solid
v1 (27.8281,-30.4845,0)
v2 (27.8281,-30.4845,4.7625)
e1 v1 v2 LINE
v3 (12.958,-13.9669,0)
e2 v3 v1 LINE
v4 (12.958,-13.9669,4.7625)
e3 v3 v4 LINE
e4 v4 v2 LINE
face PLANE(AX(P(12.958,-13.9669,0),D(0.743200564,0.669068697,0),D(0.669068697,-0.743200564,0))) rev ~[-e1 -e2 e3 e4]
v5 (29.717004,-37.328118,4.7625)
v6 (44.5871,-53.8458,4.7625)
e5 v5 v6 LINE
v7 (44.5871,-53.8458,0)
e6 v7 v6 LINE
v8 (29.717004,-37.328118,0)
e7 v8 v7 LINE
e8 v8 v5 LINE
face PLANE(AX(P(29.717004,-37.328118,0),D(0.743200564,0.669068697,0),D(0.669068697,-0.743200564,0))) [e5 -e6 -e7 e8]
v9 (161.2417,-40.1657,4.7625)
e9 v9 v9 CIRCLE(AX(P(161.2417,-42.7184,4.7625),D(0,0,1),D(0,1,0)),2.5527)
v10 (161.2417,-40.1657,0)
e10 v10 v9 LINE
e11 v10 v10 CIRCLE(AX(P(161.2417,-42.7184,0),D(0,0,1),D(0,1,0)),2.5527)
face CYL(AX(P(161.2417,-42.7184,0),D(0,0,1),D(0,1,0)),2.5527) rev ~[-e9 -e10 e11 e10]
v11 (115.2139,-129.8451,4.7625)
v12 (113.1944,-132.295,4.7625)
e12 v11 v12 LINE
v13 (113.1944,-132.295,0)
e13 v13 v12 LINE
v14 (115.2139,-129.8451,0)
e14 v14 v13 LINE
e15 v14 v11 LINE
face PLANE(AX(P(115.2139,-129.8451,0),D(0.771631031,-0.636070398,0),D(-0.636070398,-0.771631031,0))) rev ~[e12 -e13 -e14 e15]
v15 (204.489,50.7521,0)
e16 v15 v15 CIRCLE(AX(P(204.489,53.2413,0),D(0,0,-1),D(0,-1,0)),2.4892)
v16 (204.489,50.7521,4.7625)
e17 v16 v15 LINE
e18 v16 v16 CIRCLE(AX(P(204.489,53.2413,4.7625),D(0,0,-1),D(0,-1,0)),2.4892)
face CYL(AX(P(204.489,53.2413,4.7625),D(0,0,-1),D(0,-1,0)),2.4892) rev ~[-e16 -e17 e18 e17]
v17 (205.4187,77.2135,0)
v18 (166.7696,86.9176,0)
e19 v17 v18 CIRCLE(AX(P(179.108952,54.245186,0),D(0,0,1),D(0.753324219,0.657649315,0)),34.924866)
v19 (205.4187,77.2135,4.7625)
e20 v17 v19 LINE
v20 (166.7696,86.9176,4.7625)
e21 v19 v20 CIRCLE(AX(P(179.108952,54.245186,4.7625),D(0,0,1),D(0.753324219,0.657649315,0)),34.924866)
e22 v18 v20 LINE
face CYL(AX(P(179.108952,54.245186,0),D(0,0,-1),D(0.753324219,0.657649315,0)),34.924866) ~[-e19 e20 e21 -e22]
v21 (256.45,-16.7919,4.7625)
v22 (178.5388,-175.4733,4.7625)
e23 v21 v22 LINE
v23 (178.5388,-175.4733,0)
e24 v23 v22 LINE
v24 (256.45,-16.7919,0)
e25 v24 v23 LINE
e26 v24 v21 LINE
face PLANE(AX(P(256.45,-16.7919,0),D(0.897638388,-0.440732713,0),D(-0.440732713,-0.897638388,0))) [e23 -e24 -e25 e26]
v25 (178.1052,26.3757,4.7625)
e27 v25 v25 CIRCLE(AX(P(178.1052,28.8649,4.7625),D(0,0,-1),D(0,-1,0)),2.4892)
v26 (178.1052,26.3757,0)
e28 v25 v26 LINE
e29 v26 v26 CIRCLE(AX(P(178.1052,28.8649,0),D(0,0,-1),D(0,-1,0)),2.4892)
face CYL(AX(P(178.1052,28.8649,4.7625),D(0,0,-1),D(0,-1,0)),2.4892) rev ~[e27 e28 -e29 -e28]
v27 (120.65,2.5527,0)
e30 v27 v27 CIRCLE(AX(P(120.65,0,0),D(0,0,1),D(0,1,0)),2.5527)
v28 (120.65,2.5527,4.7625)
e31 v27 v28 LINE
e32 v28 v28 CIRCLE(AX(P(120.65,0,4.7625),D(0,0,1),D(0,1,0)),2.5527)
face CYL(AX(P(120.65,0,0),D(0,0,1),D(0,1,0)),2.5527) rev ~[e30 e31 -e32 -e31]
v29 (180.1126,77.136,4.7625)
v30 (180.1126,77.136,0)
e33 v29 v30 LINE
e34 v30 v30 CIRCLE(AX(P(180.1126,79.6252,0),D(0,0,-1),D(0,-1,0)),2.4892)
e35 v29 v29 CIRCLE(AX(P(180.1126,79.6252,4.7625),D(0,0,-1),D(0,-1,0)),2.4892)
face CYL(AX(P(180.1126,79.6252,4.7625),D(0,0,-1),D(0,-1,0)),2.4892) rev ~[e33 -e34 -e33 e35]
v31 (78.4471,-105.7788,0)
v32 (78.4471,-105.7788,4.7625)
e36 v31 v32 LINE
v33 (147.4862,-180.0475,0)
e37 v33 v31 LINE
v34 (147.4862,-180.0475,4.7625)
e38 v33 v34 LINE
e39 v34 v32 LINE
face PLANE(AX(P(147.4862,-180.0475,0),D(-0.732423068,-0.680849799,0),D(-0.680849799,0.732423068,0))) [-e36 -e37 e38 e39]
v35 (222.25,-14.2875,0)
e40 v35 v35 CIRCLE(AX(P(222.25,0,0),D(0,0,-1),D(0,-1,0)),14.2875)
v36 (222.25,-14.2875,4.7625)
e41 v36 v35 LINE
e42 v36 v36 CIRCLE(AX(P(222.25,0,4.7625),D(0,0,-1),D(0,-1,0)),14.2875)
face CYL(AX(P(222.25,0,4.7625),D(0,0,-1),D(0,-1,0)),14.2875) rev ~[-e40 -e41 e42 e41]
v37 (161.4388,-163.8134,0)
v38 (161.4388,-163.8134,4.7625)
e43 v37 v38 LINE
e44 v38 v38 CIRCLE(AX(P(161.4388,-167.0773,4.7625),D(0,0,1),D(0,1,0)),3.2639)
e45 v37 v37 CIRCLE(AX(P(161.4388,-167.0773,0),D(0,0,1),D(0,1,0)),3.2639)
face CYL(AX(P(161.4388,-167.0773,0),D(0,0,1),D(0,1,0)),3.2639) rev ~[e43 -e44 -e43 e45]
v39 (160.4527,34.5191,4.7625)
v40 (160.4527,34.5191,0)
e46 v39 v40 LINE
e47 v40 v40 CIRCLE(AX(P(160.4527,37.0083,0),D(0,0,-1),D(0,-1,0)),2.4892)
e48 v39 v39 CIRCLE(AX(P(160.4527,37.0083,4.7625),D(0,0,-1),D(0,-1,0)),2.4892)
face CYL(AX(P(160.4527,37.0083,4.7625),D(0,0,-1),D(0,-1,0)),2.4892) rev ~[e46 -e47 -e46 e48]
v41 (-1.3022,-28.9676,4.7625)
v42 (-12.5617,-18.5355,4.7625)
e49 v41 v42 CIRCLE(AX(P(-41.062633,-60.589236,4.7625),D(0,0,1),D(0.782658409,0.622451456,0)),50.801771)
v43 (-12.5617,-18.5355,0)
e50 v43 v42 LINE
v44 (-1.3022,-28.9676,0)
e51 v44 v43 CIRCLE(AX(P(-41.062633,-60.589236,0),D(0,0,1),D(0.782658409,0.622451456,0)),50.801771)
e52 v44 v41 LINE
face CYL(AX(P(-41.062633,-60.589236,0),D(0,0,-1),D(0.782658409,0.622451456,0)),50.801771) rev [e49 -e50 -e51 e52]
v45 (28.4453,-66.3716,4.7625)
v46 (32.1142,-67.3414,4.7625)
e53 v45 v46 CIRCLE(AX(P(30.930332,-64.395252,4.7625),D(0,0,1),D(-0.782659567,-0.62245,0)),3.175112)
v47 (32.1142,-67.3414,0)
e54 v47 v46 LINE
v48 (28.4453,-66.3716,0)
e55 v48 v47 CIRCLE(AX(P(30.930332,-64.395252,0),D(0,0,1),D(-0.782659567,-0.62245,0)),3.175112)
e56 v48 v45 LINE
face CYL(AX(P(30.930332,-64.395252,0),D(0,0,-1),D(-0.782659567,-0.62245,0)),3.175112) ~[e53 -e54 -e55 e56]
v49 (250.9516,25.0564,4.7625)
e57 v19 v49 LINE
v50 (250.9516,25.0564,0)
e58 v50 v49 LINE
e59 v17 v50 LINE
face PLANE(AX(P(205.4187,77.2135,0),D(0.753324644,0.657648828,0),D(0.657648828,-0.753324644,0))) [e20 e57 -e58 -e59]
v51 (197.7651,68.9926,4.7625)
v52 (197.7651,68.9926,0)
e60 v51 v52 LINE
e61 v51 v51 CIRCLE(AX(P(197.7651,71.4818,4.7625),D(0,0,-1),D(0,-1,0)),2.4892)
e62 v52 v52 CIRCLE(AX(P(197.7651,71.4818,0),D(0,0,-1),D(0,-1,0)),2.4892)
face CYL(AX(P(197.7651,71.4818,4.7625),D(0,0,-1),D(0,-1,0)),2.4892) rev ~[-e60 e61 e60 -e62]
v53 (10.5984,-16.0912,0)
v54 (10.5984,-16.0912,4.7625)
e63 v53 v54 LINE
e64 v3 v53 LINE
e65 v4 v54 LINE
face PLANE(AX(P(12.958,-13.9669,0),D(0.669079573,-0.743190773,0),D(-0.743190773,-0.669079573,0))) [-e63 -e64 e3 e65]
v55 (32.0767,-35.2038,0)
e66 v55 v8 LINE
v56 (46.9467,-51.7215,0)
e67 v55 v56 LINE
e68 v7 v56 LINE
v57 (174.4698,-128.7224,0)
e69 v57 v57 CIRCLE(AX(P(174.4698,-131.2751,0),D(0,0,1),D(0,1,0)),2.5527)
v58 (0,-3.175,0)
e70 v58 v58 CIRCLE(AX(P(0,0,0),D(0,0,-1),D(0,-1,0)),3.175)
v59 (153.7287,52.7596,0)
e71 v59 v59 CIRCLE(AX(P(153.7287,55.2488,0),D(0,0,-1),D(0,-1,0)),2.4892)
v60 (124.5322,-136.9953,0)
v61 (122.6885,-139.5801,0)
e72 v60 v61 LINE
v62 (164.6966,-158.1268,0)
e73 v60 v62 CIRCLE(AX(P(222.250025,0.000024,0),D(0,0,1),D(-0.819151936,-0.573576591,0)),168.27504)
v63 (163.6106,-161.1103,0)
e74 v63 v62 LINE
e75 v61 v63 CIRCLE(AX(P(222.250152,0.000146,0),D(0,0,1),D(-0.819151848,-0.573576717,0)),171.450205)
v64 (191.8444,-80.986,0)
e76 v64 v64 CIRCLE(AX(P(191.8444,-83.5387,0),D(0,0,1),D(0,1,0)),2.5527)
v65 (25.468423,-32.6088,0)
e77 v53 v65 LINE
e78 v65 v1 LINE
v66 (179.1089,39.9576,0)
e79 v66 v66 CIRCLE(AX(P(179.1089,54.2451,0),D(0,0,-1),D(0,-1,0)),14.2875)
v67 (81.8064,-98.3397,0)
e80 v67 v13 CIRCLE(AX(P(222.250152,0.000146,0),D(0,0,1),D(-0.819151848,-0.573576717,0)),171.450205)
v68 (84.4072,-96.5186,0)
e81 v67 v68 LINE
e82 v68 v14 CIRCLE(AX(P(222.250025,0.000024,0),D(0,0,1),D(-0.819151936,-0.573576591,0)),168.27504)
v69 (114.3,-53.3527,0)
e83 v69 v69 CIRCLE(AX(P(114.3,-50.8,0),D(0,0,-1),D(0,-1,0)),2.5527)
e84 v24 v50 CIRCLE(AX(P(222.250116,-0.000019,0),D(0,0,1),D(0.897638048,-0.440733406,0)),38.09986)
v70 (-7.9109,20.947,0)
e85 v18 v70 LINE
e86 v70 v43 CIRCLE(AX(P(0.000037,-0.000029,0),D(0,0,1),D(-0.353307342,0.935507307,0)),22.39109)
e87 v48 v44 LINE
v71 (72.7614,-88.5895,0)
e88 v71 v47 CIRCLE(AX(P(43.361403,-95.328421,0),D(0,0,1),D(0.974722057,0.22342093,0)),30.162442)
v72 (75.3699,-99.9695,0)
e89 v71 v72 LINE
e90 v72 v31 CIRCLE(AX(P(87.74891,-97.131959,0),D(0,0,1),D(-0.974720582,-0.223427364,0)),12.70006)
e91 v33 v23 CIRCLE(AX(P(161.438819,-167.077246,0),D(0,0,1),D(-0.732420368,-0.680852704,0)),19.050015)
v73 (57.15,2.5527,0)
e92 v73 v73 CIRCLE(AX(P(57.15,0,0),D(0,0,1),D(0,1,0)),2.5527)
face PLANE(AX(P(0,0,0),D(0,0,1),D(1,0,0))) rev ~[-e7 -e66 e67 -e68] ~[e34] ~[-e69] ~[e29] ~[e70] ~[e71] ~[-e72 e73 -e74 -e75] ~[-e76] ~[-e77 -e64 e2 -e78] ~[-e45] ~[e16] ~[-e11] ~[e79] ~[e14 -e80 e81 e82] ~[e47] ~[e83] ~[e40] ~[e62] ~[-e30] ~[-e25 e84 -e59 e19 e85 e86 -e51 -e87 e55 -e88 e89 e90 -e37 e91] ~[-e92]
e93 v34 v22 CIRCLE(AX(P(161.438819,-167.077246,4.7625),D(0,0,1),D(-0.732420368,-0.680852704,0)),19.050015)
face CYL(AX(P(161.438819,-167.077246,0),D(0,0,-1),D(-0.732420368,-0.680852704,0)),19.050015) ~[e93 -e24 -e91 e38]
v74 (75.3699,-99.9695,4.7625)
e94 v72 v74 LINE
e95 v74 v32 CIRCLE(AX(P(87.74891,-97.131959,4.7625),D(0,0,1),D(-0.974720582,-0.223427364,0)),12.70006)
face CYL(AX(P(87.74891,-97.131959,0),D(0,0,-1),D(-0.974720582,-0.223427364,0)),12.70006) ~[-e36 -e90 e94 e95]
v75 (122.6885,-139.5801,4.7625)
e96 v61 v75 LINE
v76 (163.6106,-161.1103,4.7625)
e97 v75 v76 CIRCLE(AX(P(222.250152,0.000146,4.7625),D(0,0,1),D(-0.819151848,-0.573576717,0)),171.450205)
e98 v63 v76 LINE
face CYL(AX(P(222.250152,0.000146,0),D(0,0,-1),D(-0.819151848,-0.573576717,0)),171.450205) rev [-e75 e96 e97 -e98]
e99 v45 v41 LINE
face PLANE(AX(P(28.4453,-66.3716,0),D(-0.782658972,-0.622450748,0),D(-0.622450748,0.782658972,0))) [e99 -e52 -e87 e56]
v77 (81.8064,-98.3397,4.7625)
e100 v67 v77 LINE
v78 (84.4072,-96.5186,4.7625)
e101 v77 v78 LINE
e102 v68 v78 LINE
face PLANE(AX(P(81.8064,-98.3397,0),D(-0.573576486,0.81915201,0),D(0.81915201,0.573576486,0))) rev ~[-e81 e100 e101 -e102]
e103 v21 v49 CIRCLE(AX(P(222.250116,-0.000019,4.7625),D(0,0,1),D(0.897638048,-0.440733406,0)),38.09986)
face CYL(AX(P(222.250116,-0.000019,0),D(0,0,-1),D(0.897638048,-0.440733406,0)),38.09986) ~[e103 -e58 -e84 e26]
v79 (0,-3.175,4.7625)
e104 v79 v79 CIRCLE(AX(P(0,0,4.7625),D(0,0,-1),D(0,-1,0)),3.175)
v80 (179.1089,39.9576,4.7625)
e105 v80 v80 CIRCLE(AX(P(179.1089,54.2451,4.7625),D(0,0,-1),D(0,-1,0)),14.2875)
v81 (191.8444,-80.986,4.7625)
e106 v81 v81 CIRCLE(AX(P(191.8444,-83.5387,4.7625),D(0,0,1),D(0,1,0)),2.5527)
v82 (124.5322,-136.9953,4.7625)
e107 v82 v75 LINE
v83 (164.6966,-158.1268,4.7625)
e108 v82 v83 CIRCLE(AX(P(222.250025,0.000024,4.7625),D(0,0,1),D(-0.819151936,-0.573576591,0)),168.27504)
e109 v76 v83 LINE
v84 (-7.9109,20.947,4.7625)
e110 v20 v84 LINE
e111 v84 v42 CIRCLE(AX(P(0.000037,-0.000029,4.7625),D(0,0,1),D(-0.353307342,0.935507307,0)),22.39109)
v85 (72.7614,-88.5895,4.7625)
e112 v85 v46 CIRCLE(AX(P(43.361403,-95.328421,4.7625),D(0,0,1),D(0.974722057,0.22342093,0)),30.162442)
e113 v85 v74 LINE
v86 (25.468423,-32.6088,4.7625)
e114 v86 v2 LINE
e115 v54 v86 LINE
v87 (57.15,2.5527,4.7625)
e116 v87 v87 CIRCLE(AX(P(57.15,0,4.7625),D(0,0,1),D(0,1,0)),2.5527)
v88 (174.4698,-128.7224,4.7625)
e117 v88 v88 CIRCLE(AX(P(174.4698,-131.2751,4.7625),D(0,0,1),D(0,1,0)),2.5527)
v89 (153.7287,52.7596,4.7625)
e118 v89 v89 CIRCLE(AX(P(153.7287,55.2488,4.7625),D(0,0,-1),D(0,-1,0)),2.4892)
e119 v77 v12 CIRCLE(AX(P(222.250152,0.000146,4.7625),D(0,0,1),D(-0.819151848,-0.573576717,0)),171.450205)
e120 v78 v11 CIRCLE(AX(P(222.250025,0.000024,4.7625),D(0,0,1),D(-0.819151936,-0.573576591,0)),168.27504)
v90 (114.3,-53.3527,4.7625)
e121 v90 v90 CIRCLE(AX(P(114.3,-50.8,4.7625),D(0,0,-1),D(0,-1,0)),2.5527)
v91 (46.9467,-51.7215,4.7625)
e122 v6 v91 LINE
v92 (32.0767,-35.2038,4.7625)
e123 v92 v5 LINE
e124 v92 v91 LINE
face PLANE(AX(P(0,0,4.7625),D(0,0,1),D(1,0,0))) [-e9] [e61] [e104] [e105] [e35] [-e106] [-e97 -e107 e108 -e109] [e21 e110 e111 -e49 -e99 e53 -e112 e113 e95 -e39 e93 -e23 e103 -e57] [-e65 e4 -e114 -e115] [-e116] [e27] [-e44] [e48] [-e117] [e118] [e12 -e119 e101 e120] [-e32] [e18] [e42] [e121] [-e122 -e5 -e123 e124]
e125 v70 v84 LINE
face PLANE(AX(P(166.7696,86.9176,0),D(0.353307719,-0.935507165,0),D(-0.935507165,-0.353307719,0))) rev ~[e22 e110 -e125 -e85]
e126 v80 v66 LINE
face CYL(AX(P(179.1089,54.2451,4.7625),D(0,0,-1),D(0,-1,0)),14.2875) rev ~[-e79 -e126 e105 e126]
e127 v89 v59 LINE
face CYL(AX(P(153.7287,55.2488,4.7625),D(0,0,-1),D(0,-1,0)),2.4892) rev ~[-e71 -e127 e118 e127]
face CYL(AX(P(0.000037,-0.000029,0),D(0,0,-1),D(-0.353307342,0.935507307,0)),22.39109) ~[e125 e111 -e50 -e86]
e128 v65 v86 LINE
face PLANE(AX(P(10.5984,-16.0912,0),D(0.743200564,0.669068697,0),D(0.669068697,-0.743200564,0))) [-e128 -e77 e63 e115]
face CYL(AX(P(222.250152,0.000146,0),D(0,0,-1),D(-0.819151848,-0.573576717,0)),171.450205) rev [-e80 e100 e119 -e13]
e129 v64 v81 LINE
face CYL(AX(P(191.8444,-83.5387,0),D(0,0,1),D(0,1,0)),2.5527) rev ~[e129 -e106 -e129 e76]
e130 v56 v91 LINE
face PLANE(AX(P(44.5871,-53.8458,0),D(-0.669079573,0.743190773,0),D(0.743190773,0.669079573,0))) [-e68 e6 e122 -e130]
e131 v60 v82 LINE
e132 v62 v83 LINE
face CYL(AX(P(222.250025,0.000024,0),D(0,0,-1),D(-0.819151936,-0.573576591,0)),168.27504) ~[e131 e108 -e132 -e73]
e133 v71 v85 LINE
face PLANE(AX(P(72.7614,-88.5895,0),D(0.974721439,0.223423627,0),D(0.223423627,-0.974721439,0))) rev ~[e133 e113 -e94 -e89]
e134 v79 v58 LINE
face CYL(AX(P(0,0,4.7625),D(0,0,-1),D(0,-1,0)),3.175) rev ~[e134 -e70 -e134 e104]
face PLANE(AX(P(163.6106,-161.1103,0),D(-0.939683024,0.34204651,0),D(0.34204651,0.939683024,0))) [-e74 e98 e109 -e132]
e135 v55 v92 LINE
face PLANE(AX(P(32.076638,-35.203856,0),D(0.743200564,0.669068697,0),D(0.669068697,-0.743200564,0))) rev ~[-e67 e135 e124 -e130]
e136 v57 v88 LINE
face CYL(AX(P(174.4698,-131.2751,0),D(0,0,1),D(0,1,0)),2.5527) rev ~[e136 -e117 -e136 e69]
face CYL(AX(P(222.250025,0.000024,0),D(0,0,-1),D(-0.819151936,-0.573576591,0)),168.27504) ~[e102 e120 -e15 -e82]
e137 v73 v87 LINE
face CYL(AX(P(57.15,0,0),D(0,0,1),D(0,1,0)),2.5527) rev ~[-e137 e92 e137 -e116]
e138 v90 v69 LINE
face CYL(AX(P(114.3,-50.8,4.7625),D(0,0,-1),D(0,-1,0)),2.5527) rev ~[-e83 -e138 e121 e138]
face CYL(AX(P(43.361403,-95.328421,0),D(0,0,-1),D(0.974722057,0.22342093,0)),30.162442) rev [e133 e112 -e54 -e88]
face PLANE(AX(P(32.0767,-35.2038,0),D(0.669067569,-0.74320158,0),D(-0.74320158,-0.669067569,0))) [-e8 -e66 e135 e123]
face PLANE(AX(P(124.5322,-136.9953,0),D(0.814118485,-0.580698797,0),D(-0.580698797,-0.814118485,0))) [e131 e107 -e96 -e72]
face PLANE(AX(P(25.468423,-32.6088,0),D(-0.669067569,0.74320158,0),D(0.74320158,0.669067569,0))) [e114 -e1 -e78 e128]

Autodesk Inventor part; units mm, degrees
ref_plane "YZ Plane" through (0, 0, 0) normal (1, 0, 0) x (0, 1, 0)
ref_plane "XZ Plane" through (0, 0, 0) normal (0, 1, 0) x (-1, 0, 0)
ref_plane "XY Plane" through (0, 0, 0) normal (0, 0, 1) x (1, 0, 0)
sketch "Sketch1" plane through (0, 0, 0) normal (0, 0, 1) x (1, 0, 0)
  arc A0 (-7.9109, 20.947) -> (-12.5617, -18.5355) centre (0, 0) ccw
  circle A1 centre (222.25, 0) radius 38.1 construction
  arc A2 (256.45, -16.7919) -> (250.9516, 25.0564) centre (222.25, 0) ccw
  arc A3 (147.4862, -180.0475) -> (178.5388, -175.4733) centre (161.4388, -167.0773) ccw
  line L0 (0, 0) -> (203.2, 0) construction
  line L1 (222.25, 0) -> (161.4388, -167.0773) construction
  line L2 (0, 149.2071) -> (0, -244.4474) construction
  line L3 (-102.8675, 0) -> (329.7763, 0) construction
  line L4 (0, 0) -> (222.25, 0) construction
  circle A4 centre (187.8917, -94.3987) radius 75.057 construction
  circle A5 centre (222.25, 0) radius 25.4 construction
  circle A6 centre (179.1089, 54.2451) radius 25.4 construction
  arc A7 (205.4187, 77.2135) -> (166.7696, 86.9176) centre (179.1089, 54.2451) ccw
  line L5 (205.4187, 77.2135) -> (250.9516, 25.0564)
  line L6 (166.7696, 86.9176) -> (-7.9109, 20.947)
  line L7 (222.25, 0) -> (179.1089, 54.2451) construction
  circle A8 centre (222.25, 0) radius 45.72 construction
  arc A9 (72.7614, -88.5895) -> (32.1142, -67.3414) centre (43.3613, -95.3285) ccw
  line L8 (43.3613, -95.3285) -> (-19.8796, -15.8102) construction
  line L9 (-19.8796, -15.8102) -> (0, 0) construction
  line L10 (28.4453, -66.3716) -> (-1.3022, -28.9676)
  arc A10 (28.4453, -66.3716) -> (32.1142, -67.3414) centre (30.9303, -64.3953) ccw
  arc A11 (-1.3022, -28.9676) -> (-12.5617, -18.5355) centre (-41.0613, -60.588) ccw
  line L11 (72.7614, -88.5895) -> (75.3699, -99.9695)
  line L12 (256.45, -16.7919) -> (178.5388, -175.4733)
  arc A12 (81.8064, -98.3397) -> (163.6106, -161.1103) centre (222.25, 0) ccw
  line L13 (222.25, 0) -> (81.8064, -98.3397) construction
  line L14 (222.25, 0) -> (163.6106, -161.1103) construction
  line L15 (81.8064, -98.3397) -> (84.4072, -96.5186)
  arc A13 (84.4072, -96.5186) -> (164.6966, -158.1268) centre (222.25, 0) ccw
  arc A14 (115.2139, -129.8451) -> (124.5322, -136.9953) centre (222.25, 0) ccw
  line L16 (115.2139, -129.8451) -> (113.1944, -132.295)
  line L17 (124.5322, -136.9953) -> (122.6885, -139.5801)
  line L18 (12.958, -13.9669) -> (46.9467, -51.7215)
  line L19 (25.3128, -32.7489) -> (27.8281, -30.4845)
  line L20 (32.0767, -35.2038) -> (29.5614, -37.4682)
  line L21 (27.8281, -30.4845) -> (32.0767, -35.2038)
  line L22 (10.5984, -16.0912) -> (44.5871, -53.8458)
  line L23 (44.5871, -53.8458) -> (46.9467, -51.7215)
  line L24 (12.958, -13.9669) -> (10.5984, -16.0912)
  line L25 (160.1656, -159.8564) -> (167.0557, -162.3642) construction
  line L26 (167.0557, -162.3642) -> (168.329, -169.5852) construction
  line L27 (168.329, -169.5852) -> (162.7121, -174.2983) construction
  line L28 (162.7121, -174.2983) -> (155.8219, -171.7905) construction
  line L29 (155.8219, -171.7905) -> (154.5487, -164.5695) construction
  line L30 (154.5487, -164.5695) -> (160.1656, -159.8564) construction
  line L31 (161.4388, -167.0773) -> (163.6106, -161.1103) construction
  line L32 (163.6106, -161.1103) -> (164.6966, -158.1268)
  line L33 (147.4862, -180.0475) -> (78.4471, -105.7788)
  arc A15 (75.3699, -99.9695) -> (78.4471, -105.7788) centre (87.7488, -97.132) ccw
  point P0 (193.7916, 35.7832)
  point P1 (-2.1435, -27.9096)
  point P2 (119.8107, -133.5015)
  point P3 (29.9524, -32.8442)
  point P4 (25.4684, -32.6088)
  point P5 (29.717, -37.3281)
  dimension "d30" = 76.2
  dimension "d110" = 91.44
  dimension "d31" = 44.7822
  dimension "d34" = 177.8
  dimension "d39" = 19.05
  dimension "d80" = 22.3911
  dimension "d86" = 222.25
  dimension "d87" = 0
  dimension "d101" = 70
  dimension "d102" = 150.114
  dimension "d103" = 50.8
  dimension "d107" = 69.3086
  dimension "d108" = 59.0923
  dimension "d109" = 34.925
  dimension "d139" = 60.325
  dimension "d140" = 25.4
  dimension "d141" = 101.6
  dimension "d143" = 3.175
  dimension "d176" = 6.35
  dimension "d180" = 171.45
  dimension "d181" = 35
  dimension "d192" = 50.8
  dimension "d194" = 4
  dimension "d195" = 6.35
  dimension "d198" = 50.8
  dimension "d200" = 3.175
  dimension "d201" = 19.05
  dimension "d202" = 3.5
  dimension "d203" = 172.72
  dimension "d204" = 12.7
  dimension "d205" = 168.275
  dimension "d206" = 177.8
  dimension "d216" = 12.7
  dimension "d217" = 150
  dimension "d218" = 101.6
extrude "Extrusion1" add sketch "Sketch1" along normal blind 4.7625 contours L6 A7 L5 A2 L12 A3 L33 A15 L11 A9 A10 L10 A11 A0 | L16 A13 L17 A12 | L18 L20 L22 L19
sketch "Sketch2" plane through (0, 0, 4.7625) normal (0, 0, 1) x (1, 0, 0)
  arc A0 (147.4862, -180.0475) -> (178.5388, -175.4733) centre (161.4388, -167.0773) ccw
  arc A1 (-7.9109, 20.947) -> (-12.5617, -18.5355) centre (0, 0) ccw
  line L0 (178.5388, -175.4733) -> (256.45, -16.7919)
  arc A2 (256.45, -16.7919) -> (250.9516, 25.0564) centre (222.25, 0) ccw
  line L1 (166.7696, 86.9176) -> (-7.9109, 20.947)
  line L2 (250.9516, 25.0564) -> (205.4187, 77.2135)
  arc A3 (205.4187, 77.2135) -> (166.7696, 86.9176) centre (179.1089, 54.2451) ccw
  line L3 (-1.3022, -28.9676) -> (28.4453, -66.3716)
  arc A4 (72.7614, -88.5895) -> (32.1142, -67.3414) centre (43.3613, -95.3285) ccw
  arc A5 (-1.3022, -28.9676) -> (-12.5617, -18.5355) centre (-41.0613, -60.588) ccw
  arc A6 (28.4453, -66.3716) -> (32.1142, -67.3414) centre (30.9303, -64.3953) ccw
  line L4 (72.7614, -88.5895) -> (75.3699, -99.9695)
  arc A7 (75.3699, -99.9695) -> (78.4471, -105.7788) centre (87.7488, -97.132) ccw
  line L5 (78.4471, -105.7788) -> (147.4862, -180.0475)
hole "Structure Holes" at (0, 0, 4.7625) direction (0, 0, -1) diameter 6.35 end through all
sketch "Sketch4" plane through (0, 0, 4.7625) normal (0, 0, 1) x (1, 0, 0)
  arc A0 (147.4862, -180.0475) -> (178.5388, -175.4733) centre (161.4388, -167.0773) ccw
  arc A1 (-7.9109, 20.947) -> (-12.5617, -18.5355) centre (0, 0) ccw
  line L0 (178.5388, -175.4733) -> (256.45, -16.7919)
  arc A2 (256.45, -16.7919) -> (250.9516, 25.0564) centre (222.25, 0) ccw
  line L1 (0, 0) -> (114.3, -50.8) construction
  line L2 (166.7696, 86.9176) -> (-7.9109, 20.947)
  line L3 (250.9516, 25.0564) -> (205.4187, 77.2135)
  arc A3 (205.4187, 77.2135) -> (166.7696, 86.9176) centre (179.1089, 54.2451) ccw
  line L4 (179.1089, 54.2451) -> (271.2167, -45.4479) construction
  line L5 (-1.3022, -28.9676) -> (28.4453, -66.3716)
  arc A4 (72.7614, -88.5895) -> (32.1142, -67.3414) centre (43.3613, -95.3285) ccw
  arc A5 (-1.3022, -28.9676) -> (-12.5617, -18.5355) centre (-41.0613, -60.588) ccw
  arc A6 (28.4453, -66.3716) -> (32.1142, -67.3414) centre (30.9303, -64.3953) ccw
  line L6 (72.7614, -88.5895) -> (75.3699, -99.9695)
  arc A7 (75.3699, -99.9695) -> (78.4471, -105.7788) centre (87.7488, -97.132) ccw
  line L7 (78.4471, -105.7788) -> (147.4862, -180.0475)
  point P0 (153.7287, 55.2488)
  point P1 (160.4527, 37.0083)
  point P2 (178.1052, 28.8649)
  point P3 (196.3456, 35.5888)
  point P4 (204.489, 53.2413)
  point P5 (197.7651, 71.4818)
  point P6 (180.1126, 79.6252)
  point P7 (161.8721, 72.9013)
  dimension "d83" = 114.3
  dimension "d84" = 50.8
  dimension "d132" = 25.4
  dimension "d135" = 360
hole "BearingHole" at (222.25, 0, 4.7625) at (179.1089, 54.2451, 4.7625) direction (0, 0, -1) diameter 28.575 end through all
hole "Hole4" at (114.3, -50.8, 4.7625) direction (0, 0, -1) diameter 5.1054 end through all
sketch "Sketch3" plane through (0, 0, 0) normal (0, 0, -1) x (-1, 0, 0)
  line L0 (0, 0) -> (-222.25, 0) construction
  line L1 (-222.25, 0) -> (-159.267, -173.0444) construction
  line L2 (-84.8185, 0) -> (-175.2456, -129.1434) construction
  line L3 (-130.032, -64.5717) -> (-161.2417, -42.7184) construction
  point P0 (-184.15, 0)
  point P1 (-120.65, 0)
  point P2 (-57.15, 0)
  point P3 (-209.219, -35.8023)
  point P4 (-191.8444, -83.5387)
  point P5 (-174.4698, -131.2751)
  dimension "d10" = 137.4315
  dimension "d11" = 137.4315
  dimension "d12" = 38.1
  dimension "d43" = 38.1
  dimension "d46" = 63.5
  dimension "d51" = 38.1
  dimension "d54" = 50.8
ref_plane "Inner Pitch Plane" through (0, 0, 0) normal (1, 0, 0) x (0, 1, 0)
hole "Hole6" at (180.1126, 79.6252, 4.7625) at (197.7651, 71.4818, 4.7625) at (204.489, 53.2413, 4.7625) at (178.1052, 28.8649, 4.7625) at (160.4527, 37.0083, 4.7625) at (153.7287, 55.2488, 4.7625) direction (0, 0, -1) diameter 4.9784 end through all
hole "Hole8" at (161.2417, -42.7184, 0) at (0, 0, 0) at (222.25, 0, 0) at (120.65, 0, 0) at (57.15, 0, 0) at (191.8444, -83.5387, 0) at (174.4698, -131.2751, 0) direction (0, 0, 1) diameter 5.1054 end through all
hole "Hole9" at (161.4388, -167.0773, 0) direction (0, 0, 1) diameter 6.5278 end through all
equation "\"d10\" = d11"
equation "\"d51\" = d43"
properties part number "4Bar_Input Side" material "Polycarbonate, Clear"
